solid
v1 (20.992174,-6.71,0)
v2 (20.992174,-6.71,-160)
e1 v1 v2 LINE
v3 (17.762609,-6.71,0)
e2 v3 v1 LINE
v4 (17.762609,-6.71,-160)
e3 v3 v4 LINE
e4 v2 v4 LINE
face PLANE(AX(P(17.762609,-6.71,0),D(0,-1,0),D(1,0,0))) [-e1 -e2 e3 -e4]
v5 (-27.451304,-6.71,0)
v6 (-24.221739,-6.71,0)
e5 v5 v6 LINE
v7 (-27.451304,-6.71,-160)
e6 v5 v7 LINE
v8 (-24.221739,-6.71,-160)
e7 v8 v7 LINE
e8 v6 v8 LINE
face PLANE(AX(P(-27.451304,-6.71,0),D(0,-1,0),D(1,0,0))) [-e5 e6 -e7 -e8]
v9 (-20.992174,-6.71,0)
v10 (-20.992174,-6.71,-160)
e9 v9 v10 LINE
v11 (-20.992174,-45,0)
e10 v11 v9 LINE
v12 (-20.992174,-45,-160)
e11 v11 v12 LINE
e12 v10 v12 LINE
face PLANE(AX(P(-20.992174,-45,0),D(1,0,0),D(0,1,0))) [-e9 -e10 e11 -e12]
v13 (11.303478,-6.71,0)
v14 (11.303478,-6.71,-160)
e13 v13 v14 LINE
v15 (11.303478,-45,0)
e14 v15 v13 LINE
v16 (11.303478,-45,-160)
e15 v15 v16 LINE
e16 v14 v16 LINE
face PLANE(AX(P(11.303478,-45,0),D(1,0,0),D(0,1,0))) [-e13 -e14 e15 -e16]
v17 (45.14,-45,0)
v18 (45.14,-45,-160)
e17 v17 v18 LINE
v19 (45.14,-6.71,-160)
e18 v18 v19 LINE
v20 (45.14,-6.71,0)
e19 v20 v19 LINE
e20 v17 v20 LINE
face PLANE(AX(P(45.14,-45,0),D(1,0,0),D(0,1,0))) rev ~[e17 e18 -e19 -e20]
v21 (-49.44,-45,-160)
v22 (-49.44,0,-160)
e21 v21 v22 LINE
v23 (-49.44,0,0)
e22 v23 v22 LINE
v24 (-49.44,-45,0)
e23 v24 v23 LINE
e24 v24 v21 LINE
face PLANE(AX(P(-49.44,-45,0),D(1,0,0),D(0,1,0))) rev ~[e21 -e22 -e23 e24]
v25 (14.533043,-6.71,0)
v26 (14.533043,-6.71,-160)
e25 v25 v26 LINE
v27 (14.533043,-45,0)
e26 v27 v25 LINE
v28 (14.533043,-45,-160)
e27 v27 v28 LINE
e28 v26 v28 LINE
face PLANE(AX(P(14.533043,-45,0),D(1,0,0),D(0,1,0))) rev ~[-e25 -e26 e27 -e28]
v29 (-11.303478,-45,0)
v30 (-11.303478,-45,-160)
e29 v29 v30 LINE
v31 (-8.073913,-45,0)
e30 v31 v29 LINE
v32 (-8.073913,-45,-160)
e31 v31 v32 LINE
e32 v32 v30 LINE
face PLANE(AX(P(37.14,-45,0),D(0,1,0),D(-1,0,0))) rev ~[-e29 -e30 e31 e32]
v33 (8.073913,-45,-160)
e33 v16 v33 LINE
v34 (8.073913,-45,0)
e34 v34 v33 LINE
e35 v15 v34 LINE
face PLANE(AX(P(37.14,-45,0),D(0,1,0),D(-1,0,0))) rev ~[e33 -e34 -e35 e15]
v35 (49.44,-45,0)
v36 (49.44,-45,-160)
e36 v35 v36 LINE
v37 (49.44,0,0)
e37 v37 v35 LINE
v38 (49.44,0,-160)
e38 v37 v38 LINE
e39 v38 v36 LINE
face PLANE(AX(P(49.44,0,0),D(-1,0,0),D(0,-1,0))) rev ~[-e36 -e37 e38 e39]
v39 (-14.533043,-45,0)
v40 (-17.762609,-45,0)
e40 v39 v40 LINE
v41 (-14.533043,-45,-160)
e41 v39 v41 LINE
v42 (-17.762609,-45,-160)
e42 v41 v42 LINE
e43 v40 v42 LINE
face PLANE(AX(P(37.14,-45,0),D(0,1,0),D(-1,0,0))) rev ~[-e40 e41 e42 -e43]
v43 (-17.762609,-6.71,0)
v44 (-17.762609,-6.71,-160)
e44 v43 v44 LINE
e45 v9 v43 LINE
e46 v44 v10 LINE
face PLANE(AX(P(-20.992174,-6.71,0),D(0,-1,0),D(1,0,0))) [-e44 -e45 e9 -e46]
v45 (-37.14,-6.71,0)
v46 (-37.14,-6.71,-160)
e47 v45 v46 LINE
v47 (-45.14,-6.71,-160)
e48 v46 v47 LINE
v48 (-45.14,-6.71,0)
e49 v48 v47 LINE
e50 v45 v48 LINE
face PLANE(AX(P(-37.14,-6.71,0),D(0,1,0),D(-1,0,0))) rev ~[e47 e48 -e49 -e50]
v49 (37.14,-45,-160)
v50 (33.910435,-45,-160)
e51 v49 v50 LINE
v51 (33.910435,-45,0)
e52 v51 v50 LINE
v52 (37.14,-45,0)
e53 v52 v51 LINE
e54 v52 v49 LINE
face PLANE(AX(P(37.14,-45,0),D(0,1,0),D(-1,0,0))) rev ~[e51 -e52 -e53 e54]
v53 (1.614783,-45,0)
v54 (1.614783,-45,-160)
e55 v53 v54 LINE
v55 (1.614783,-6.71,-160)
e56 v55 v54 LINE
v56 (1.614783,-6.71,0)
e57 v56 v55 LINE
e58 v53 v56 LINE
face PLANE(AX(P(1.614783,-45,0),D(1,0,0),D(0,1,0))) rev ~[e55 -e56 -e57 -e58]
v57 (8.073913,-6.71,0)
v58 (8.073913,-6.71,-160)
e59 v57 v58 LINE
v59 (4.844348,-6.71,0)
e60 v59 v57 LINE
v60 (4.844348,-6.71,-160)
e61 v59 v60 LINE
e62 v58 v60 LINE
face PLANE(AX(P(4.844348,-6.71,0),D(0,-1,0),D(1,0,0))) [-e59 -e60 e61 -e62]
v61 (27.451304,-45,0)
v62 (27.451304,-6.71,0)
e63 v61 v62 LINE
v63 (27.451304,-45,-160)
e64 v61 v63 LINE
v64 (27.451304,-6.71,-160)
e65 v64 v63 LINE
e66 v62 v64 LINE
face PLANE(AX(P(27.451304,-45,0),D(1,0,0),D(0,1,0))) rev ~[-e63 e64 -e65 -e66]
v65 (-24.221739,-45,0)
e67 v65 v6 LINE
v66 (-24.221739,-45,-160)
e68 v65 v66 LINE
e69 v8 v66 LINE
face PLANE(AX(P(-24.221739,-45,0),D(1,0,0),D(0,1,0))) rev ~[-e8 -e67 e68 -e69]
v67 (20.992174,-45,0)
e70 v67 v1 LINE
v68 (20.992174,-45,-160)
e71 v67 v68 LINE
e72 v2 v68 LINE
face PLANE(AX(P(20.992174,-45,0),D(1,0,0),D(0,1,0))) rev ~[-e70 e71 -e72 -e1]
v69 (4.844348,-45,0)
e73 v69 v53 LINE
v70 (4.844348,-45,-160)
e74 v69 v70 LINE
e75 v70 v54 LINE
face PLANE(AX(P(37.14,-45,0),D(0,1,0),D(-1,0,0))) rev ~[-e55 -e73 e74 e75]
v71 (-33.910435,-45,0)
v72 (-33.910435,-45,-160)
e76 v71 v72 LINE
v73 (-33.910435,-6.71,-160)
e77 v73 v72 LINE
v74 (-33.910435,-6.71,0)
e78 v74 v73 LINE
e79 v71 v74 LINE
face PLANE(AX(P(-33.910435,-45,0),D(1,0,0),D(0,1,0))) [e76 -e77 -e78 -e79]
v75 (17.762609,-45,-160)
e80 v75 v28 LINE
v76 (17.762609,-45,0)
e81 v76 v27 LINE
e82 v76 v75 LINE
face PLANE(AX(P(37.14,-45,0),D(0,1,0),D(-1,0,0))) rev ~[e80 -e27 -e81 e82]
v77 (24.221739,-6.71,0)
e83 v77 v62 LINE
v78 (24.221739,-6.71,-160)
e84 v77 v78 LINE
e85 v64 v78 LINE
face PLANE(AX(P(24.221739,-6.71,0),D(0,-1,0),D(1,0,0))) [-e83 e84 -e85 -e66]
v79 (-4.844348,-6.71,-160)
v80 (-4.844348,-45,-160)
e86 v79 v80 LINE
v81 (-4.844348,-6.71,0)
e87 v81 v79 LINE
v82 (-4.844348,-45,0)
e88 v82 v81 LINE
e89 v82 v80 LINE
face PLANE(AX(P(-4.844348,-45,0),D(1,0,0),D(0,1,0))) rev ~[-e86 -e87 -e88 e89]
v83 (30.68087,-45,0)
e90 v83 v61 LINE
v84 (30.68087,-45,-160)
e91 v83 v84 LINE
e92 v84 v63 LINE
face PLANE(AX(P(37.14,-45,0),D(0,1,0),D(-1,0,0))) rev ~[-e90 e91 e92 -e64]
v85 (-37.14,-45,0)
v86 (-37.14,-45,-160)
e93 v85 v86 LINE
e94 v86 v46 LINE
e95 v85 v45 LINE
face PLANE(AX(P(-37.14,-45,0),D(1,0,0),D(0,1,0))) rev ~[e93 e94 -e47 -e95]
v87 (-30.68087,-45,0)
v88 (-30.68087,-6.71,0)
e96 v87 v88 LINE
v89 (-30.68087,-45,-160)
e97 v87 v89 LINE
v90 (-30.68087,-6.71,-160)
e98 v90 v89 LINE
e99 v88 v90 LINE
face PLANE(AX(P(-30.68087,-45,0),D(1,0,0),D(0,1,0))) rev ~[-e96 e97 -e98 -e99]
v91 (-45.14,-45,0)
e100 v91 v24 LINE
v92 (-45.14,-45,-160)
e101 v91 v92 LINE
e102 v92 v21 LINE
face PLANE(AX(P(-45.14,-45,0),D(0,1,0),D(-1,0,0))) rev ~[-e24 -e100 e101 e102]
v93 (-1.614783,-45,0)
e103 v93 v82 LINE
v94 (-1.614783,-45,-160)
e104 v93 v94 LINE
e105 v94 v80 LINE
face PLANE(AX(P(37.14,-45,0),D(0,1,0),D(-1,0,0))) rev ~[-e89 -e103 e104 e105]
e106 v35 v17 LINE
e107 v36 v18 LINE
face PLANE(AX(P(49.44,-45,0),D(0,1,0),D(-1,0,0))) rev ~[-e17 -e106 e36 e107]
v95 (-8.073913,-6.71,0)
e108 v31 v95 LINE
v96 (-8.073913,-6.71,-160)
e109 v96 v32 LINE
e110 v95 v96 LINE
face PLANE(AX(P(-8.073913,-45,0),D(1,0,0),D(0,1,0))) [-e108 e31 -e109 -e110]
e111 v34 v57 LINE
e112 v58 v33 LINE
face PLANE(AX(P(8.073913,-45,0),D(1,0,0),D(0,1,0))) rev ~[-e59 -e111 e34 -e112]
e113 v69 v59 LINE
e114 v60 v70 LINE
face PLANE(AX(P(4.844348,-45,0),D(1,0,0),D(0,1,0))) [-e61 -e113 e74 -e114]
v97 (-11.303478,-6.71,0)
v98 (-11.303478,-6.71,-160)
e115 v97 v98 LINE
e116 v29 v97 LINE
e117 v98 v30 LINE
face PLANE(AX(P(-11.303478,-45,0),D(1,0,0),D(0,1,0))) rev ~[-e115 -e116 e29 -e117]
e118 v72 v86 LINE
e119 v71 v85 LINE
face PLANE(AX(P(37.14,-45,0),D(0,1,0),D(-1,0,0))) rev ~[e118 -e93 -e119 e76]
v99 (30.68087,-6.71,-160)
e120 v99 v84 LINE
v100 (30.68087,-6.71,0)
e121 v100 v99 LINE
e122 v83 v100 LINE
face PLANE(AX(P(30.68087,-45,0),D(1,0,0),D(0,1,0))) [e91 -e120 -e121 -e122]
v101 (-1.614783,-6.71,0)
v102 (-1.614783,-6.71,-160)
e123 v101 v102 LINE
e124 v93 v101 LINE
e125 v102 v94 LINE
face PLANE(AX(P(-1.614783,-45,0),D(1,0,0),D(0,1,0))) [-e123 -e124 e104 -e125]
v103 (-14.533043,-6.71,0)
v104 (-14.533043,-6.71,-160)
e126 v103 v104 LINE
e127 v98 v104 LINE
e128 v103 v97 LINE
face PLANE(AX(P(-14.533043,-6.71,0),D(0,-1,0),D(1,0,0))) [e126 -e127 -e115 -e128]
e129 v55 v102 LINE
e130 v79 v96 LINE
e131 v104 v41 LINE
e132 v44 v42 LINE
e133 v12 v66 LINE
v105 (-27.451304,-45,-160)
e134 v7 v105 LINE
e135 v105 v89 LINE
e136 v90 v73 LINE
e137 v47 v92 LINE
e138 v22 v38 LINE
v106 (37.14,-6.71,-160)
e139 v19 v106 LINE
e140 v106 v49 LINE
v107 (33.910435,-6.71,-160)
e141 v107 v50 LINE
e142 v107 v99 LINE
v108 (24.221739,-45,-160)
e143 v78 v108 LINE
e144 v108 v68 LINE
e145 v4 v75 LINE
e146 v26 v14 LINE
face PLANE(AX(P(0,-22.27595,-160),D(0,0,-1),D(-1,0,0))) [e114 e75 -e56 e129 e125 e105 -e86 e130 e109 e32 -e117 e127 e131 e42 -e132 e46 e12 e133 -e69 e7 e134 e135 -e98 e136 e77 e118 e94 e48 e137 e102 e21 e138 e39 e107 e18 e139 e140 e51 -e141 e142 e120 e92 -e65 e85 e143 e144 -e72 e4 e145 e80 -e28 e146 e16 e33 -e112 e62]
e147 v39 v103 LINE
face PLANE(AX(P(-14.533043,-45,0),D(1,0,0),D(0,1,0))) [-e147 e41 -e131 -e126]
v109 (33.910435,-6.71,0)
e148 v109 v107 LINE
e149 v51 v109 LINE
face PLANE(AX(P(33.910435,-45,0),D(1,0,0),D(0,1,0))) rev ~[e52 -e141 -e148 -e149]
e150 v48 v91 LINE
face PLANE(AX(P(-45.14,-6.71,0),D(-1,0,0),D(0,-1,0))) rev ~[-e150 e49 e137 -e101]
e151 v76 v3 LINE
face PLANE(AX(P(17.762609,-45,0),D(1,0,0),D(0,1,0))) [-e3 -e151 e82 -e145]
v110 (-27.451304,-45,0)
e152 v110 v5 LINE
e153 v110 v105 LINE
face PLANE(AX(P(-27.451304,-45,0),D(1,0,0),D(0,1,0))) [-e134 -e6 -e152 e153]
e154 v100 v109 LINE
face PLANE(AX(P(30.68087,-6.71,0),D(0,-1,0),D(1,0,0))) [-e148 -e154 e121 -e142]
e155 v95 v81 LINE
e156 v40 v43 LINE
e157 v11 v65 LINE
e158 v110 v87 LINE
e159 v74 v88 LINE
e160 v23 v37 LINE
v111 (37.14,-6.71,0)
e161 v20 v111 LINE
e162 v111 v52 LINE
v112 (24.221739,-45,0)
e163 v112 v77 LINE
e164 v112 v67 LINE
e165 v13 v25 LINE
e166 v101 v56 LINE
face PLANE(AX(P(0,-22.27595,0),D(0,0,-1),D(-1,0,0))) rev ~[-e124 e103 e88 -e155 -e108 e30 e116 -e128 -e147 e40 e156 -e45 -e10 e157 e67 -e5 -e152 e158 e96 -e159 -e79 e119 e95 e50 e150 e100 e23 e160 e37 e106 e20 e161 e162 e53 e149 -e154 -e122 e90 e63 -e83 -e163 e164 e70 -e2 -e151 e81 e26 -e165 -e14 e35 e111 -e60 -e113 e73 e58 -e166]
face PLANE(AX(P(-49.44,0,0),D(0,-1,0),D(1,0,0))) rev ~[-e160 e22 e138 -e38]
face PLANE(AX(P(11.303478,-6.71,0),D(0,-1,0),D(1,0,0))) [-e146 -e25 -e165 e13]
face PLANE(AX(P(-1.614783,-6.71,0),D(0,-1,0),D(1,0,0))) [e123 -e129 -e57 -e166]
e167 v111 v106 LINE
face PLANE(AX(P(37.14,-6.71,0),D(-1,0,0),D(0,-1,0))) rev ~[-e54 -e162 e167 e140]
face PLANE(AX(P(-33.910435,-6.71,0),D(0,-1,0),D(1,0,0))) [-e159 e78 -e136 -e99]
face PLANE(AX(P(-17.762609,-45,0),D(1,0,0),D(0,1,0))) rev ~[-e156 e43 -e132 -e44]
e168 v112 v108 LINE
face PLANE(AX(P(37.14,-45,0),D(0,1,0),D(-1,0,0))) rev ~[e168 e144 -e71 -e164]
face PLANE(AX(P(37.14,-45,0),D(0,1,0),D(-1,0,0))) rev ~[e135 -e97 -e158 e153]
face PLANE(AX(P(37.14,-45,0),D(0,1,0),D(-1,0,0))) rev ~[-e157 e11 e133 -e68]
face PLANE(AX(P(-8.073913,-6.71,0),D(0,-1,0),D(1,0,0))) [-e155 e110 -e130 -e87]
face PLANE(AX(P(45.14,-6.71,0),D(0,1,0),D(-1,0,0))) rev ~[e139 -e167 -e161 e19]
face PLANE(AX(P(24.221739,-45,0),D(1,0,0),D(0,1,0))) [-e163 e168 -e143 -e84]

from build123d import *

# Parameters (mm, degrees)
BOSS_EXTRUDE1_DEPTH = 160
SKETCH4_W           = 3.229565218
SKETCH4_H           = 38.29
SKETCH4_W_2         = 3.229565217
CUT_EXTRUDE1_DEPTH  = 174.405056443


with BuildPart() as part:
    # Sketch1 → Boss-Extrude1 (new body)
    with BuildSketch(Plane.XY):
        Polygon((-49.44, -45), (-49.44, 0), (49.44, 0), (49.44, -45), (45.14, -45), (45.14, -6.71), (37.14, -6.71), (37.14, -45), (-37.14, -45), (-37.14, -6.71), (-45.14, -6.71), (-45.14, -45), align=None)
    extrude(amount=-BOSS_EXTRUDE1_DEPTH)

    # Sketch4 → Cut-Extrude1 (cut, through all)
    with BuildSketch(Plane.XY):
        with Locations((-32.295652174, -25.855)):
            Rectangle(SKETCH4_W, SKETCH4_H)
        with Locations((-25.836521739, -25.855)):
            Rectangle(SKETCH4_W, SKETCH4_H)
        with Locations((-19.377391305, -25.855)):
            Rectangle(SKETCH4_W_2, SKETCH4_H)
        with Locations((-12.91826087, -25.855)):
            Rectangle(SKETCH4_W_2, SKETCH4_H)
        with Locations((-6.459130435, -25.855)):
            Rectangle(SKETCH4_W_2, SKETCH4_H)
        with Locations((0, -25.855)):
            Rectangle(SKETCH4_W, SKETCH4_H)
        with Locations((6.459130435, -25.855)):
            Rectangle(SKETCH4_W_2, SKETCH4_H)
        with Locations((12.91826087, -25.855)):
            Rectangle(SKETCH4_W_2, SKETCH4_H)
        with Locations((19.377391305, -25.855)):
            Rectangle(SKETCH4_W_2, SKETCH4_H)
        with Locations((25.836521739, -25.855)):
            Rectangle(SKETCH4_W, SKETCH4_H)
        with Locations((32.295652174, -25.855)):
            Rectangle(SKETCH4_W, SKETCH4_H)
    extrude(amount=-CUT_EXTRUDE1_DEPTH, mode=Mode.SUBTRACT)


solid = part.part
